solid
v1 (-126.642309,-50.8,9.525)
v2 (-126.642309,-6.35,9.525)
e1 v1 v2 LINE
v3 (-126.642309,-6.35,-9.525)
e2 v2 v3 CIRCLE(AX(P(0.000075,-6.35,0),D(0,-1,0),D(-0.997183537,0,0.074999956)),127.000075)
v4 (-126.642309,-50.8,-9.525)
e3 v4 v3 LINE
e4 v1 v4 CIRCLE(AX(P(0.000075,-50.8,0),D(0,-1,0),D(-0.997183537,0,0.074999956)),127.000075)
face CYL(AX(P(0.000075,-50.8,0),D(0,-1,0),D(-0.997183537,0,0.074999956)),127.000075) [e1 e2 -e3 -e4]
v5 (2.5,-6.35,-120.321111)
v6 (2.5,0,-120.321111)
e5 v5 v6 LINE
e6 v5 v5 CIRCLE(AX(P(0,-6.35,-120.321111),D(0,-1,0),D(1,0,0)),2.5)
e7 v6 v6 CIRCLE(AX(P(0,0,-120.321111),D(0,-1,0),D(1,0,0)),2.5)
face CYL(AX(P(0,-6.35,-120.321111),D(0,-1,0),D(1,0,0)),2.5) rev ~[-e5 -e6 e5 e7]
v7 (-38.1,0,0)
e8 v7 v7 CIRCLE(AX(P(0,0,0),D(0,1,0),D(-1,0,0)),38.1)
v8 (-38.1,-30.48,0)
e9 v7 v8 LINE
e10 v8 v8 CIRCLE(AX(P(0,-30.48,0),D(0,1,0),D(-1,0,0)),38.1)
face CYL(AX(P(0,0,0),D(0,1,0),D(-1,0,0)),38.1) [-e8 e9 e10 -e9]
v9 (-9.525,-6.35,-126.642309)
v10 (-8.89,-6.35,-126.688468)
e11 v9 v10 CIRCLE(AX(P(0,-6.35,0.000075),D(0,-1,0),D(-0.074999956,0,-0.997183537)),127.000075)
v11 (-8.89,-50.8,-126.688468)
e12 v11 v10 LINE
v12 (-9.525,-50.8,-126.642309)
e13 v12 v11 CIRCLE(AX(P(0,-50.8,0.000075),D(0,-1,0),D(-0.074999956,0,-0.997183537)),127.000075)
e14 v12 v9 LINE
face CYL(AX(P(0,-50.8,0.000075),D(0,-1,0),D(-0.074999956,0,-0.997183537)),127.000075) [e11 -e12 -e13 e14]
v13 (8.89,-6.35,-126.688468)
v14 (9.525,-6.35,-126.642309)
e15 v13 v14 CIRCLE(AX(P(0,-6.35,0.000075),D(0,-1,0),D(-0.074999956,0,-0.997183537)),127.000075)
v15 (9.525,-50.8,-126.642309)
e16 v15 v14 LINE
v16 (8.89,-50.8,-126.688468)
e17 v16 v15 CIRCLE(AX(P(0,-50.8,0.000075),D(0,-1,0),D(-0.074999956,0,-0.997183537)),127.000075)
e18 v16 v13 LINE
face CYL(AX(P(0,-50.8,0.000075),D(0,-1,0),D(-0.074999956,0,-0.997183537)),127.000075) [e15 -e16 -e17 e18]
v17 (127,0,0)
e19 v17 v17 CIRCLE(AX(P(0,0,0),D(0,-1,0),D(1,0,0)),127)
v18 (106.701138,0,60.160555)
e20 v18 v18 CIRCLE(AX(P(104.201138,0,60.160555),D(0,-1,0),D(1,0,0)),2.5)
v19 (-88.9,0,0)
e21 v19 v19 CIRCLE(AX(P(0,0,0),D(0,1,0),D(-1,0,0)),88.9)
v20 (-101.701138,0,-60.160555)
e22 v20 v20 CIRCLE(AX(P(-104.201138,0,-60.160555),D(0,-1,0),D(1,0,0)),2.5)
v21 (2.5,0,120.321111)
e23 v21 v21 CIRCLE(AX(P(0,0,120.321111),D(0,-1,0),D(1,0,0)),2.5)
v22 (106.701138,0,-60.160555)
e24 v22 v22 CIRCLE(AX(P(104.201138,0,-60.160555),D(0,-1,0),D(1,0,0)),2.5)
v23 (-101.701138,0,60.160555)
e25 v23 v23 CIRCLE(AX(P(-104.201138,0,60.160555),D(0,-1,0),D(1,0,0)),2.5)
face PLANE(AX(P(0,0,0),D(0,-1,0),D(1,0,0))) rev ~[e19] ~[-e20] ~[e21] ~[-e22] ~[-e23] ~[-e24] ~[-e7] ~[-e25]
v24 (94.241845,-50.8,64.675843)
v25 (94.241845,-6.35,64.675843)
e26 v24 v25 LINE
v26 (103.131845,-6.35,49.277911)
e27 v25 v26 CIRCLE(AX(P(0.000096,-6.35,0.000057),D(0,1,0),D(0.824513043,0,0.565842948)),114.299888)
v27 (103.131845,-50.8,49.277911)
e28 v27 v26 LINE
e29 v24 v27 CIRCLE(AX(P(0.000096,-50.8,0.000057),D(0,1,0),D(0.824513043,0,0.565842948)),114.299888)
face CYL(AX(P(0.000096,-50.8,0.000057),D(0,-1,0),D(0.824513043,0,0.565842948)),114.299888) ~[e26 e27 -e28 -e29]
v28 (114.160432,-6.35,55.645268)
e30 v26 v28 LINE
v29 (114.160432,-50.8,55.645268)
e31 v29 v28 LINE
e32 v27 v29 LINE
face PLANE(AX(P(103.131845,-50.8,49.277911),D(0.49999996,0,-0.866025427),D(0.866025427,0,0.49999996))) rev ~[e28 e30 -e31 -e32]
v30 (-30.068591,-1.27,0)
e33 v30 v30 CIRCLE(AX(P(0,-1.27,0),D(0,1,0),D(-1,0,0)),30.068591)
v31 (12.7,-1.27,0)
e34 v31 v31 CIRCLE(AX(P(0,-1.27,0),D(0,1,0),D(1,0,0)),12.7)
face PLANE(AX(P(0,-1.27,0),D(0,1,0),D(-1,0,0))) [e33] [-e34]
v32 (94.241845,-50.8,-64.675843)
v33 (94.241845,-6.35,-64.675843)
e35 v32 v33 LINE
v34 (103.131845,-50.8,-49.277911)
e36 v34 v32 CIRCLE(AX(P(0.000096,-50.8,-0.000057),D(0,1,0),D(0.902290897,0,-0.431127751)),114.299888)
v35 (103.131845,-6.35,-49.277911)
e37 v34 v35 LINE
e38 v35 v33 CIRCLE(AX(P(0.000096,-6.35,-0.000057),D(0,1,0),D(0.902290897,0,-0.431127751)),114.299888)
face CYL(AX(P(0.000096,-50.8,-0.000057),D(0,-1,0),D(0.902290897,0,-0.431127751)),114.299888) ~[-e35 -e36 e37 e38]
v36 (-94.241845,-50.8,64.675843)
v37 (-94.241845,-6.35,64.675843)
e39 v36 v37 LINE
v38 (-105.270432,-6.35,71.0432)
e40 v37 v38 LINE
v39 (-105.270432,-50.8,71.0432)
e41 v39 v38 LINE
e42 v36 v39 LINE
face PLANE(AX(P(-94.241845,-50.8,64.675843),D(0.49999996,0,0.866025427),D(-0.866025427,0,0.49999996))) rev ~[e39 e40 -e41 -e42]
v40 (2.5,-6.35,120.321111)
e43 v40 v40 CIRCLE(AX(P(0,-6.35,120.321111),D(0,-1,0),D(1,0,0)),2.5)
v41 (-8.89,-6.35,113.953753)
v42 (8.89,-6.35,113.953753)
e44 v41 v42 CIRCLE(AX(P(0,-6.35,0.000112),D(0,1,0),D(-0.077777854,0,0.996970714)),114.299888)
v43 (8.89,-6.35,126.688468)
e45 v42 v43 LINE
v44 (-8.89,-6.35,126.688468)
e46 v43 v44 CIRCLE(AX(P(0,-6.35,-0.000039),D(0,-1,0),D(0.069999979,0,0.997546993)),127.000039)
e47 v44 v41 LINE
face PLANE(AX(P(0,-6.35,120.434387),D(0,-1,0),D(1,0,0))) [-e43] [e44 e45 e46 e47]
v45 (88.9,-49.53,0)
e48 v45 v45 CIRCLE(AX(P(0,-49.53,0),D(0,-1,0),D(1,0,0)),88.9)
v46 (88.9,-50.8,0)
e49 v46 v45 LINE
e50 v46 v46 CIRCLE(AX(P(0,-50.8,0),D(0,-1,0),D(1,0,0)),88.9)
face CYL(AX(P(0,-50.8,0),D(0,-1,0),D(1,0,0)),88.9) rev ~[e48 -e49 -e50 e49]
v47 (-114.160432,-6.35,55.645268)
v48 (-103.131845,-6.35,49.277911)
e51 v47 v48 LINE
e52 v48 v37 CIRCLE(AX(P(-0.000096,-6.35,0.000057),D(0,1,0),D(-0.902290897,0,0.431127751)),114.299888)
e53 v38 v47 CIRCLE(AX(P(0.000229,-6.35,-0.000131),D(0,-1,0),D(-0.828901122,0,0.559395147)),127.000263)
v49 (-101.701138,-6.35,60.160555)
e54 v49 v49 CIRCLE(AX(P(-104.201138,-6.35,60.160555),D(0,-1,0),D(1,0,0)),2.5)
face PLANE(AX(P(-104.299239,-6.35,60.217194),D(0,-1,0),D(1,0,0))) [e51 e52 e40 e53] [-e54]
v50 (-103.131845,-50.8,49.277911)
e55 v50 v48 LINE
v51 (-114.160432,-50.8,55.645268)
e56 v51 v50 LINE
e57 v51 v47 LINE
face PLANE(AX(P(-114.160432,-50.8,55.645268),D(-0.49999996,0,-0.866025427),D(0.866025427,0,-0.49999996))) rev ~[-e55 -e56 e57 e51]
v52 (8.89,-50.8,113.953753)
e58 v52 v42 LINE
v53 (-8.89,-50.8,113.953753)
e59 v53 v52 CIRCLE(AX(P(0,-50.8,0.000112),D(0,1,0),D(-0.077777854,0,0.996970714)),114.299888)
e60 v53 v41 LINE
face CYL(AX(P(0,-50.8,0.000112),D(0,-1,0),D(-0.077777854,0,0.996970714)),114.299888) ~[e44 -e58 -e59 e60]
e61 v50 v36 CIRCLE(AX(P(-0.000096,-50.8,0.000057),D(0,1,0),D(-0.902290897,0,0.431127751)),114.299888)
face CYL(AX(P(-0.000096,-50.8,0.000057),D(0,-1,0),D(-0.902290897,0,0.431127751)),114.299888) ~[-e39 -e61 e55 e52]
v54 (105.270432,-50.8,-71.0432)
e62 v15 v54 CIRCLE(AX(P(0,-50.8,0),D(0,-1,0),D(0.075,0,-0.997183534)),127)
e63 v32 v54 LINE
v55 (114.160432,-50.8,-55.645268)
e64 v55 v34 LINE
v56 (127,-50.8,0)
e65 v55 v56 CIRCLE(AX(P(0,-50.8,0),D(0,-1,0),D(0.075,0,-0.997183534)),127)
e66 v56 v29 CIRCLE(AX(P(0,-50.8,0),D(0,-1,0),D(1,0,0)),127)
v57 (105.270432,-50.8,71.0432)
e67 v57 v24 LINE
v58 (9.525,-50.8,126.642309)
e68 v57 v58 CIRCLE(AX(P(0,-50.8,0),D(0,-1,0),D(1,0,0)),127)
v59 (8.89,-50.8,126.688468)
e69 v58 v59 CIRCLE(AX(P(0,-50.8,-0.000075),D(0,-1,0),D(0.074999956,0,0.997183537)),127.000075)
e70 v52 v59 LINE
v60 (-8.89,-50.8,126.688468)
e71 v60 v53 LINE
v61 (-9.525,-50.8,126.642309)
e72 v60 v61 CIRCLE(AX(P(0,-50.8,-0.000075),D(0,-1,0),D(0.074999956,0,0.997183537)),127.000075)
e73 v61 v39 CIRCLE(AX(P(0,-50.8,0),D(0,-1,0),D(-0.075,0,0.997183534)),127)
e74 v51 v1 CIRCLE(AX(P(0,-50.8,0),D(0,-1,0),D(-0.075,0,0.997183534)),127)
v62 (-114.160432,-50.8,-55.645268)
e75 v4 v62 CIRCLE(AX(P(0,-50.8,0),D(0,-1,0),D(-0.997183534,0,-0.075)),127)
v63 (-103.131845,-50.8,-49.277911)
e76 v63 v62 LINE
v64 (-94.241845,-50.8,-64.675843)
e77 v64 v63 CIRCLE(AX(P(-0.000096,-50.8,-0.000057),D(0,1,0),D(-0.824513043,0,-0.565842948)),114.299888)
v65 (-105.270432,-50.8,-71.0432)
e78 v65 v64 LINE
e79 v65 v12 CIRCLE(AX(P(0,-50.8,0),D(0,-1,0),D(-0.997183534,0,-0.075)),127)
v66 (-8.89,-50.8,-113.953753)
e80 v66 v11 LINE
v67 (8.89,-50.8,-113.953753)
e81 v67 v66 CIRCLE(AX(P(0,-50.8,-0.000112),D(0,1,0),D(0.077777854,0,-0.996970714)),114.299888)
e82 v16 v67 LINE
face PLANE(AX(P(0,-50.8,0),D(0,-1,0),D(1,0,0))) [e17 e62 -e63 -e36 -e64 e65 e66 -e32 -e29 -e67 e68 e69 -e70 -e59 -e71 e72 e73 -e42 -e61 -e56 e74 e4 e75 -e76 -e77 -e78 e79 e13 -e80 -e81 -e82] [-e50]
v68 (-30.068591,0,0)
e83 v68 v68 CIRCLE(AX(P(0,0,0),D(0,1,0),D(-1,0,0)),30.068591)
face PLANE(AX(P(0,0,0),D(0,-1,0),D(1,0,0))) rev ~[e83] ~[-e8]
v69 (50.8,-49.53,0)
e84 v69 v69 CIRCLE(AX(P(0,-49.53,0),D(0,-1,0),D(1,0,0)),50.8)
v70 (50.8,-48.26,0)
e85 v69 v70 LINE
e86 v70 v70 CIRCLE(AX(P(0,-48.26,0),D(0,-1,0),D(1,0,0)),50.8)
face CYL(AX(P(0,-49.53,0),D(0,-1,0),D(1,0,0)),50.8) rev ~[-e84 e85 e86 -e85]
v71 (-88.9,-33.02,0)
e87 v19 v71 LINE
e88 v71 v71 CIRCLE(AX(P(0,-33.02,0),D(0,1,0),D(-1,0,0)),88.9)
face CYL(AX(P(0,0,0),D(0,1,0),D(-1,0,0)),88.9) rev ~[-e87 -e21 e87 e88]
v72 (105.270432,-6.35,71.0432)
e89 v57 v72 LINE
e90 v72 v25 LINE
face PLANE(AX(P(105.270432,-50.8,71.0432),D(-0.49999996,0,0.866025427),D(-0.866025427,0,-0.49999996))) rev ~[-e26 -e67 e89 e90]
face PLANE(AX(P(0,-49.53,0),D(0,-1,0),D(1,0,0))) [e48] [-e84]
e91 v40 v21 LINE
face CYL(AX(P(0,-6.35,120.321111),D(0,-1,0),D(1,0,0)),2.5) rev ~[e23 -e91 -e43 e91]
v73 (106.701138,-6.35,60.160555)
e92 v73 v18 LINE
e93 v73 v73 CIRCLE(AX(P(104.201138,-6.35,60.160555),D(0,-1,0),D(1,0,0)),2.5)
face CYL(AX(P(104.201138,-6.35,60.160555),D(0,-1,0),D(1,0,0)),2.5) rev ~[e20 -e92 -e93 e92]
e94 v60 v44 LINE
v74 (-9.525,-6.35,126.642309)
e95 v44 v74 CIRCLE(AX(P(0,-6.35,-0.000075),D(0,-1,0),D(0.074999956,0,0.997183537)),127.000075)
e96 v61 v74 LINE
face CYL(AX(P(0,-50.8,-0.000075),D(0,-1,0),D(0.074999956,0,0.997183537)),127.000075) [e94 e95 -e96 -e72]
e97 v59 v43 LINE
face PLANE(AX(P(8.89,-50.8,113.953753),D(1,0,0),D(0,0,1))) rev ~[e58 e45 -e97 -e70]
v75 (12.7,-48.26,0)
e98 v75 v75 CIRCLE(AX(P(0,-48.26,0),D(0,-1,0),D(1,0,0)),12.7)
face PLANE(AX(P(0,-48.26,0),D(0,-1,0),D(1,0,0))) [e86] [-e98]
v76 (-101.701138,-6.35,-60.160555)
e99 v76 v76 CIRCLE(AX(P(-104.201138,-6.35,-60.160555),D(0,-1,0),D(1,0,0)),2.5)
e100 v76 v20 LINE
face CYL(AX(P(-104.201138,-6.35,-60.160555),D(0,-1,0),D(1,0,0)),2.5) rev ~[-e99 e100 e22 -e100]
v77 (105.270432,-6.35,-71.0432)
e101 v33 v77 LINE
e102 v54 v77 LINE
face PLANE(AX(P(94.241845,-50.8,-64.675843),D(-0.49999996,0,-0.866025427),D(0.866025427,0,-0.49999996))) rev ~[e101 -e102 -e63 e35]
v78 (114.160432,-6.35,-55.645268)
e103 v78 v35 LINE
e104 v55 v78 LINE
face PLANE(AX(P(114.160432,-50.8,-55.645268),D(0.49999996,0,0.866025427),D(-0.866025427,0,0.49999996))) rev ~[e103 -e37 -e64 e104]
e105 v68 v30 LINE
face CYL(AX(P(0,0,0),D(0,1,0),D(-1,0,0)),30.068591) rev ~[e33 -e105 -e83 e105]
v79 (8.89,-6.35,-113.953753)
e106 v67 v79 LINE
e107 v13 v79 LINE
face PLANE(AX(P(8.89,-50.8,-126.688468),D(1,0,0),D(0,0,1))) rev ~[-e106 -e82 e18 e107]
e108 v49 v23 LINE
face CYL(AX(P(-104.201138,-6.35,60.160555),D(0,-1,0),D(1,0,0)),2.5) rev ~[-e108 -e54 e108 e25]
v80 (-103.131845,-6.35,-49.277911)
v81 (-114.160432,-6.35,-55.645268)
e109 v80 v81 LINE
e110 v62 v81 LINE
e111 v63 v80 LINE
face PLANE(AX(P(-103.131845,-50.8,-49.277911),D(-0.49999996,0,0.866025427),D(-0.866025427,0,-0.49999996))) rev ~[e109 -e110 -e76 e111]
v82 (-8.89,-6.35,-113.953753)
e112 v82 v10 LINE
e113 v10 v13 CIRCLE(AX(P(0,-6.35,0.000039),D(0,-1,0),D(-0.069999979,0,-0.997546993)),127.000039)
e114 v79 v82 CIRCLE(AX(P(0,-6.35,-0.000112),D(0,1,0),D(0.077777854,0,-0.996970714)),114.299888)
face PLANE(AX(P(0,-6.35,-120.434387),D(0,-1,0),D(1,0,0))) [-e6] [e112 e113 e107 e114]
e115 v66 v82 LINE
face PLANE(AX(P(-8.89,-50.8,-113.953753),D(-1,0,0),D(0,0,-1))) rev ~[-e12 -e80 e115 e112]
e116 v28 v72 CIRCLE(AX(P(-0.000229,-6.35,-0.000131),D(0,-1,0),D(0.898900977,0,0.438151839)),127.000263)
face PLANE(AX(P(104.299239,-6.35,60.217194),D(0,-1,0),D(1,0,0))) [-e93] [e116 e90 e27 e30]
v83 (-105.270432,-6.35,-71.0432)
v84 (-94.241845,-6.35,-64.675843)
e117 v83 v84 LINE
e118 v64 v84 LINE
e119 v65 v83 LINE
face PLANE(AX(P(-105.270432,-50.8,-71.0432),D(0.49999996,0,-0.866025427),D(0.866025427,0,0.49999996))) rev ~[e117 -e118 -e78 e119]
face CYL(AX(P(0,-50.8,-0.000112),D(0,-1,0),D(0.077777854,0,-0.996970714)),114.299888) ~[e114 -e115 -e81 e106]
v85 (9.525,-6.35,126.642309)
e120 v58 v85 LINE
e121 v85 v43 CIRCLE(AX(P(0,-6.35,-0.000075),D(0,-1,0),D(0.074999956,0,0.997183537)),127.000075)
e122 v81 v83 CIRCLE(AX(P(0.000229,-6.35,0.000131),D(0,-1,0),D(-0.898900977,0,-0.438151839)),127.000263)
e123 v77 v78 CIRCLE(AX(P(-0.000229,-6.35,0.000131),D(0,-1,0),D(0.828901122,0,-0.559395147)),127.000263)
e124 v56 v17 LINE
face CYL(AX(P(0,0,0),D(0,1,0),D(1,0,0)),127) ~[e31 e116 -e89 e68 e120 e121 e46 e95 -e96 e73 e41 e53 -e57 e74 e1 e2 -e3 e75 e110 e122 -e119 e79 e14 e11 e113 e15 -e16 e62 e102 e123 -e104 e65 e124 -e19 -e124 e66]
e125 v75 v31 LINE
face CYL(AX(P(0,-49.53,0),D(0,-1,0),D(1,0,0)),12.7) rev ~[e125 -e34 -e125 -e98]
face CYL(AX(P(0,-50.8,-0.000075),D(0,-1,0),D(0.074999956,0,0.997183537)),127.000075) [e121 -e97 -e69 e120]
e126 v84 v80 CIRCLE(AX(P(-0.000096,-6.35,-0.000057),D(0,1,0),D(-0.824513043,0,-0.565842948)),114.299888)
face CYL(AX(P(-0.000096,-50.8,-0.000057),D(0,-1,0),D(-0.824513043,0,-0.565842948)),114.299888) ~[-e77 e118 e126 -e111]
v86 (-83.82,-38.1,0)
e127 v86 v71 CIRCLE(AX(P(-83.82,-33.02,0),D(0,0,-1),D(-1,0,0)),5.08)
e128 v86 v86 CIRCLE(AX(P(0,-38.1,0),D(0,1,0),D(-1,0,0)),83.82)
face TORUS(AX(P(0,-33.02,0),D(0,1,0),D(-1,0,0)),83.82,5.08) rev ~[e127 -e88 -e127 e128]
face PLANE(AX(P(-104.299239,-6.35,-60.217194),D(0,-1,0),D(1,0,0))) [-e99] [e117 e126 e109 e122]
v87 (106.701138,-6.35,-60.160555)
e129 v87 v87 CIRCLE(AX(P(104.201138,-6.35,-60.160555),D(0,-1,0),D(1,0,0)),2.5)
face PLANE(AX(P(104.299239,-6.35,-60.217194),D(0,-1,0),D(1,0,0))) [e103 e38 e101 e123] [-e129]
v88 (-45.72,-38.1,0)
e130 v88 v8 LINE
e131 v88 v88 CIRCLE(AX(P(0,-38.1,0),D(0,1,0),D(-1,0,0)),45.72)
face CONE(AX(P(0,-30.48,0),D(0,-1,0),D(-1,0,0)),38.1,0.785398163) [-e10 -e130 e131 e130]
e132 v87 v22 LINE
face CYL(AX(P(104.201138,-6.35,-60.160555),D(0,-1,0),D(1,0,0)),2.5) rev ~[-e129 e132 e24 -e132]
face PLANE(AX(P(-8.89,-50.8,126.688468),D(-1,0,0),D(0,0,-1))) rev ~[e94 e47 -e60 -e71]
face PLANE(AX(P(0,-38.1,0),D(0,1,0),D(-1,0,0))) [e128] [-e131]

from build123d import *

# Parameters (mm, degrees)
F0_R      = 127
F1_DEPTH  = 50.8
F2_R      = 88.9
F3_DEPTH  = 1.27
F4_R      = 12.7
F5_DEPTH  = 50.8
F6_R      = 50.8
F7_DEPTH  = 1.27
F8_R      = 88.9
F8_R_2    = 38.1
F9_DEPTH  = 38.1
F10_SIZE  = 7.62
F11_R     = 5.08
F13_DEPTH = 44.45
F14_R     = 30.068591
F14_R_2   = 12.7
F15_DEPTH = 1.27
F17_DEPTH = 44.45
F18_R     = 2.5
F19_DEPTH = 25.4


with BuildPart() as f1:
    # F0 (on Front) → F1 (new body)
    with BuildSketch(Plane.XZ):
        Circle(F0_R)
    extrude(amount=F1_DEPTH)

    # F2 (on face) → F3 (cut)
    with BuildSketch(Plane.XZ.offset(50.8)):
        Circle(F2_R)
    extrude(amount=-F3_DEPTH, mode=Mode.SUBTRACT)

    # F4 (on face) → F5 (cut)
    with BuildSketch(Plane.XZ.offset(49.53)):
        Circle(F4_R)
    extrude(amount=-F5_DEPTH, mode=Mode.SUBTRACT)

    # F6 (on face) → F7 (cut)
    with BuildSketch(Plane.XZ.offset(49.53)):
        Circle(F6_R)
    extrude(amount=-F7_DEPTH, mode=Mode.SUBTRACT)

    # F8 (on face) → F9 (cut)
    with BuildSketch(Plane(origin=(0, 0, 0), x_dir=(-1, 0, 0), z_dir=(0, 1, 0))):
        Circle(F8_R)
        Circle(F8_R_2, mode=Mode.SUBTRACT)
    extrude(amount=-F9_DEPTH, mode=Mode.SUBTRACT)

    # F10
    f10_edges = [f1.edges().sort_by_distance(p)[0] for p in [
        (38.1, -38.1, 0),
    ]]
    chamfer(f10_edges, length=F10_SIZE)

    # F11
    f11_edges = [f1.edges().sort_by_distance(p)[0] for p in [
        (88.9, -38.1, 0),
    ]]
    fillet(f11_edges, radius=F11_R)

    # F12 (on face) → F13 (join)
    with BuildSketch(Plane.XZ.offset(50.8)):
        with BuildLine():
            ThreePointArc((-2.998611, 107.908345), (0, 107.95), (2.998611, 107.908345))
            ThreePointArc((2.998611, 107.908345), (7.602326, 109.70383), (9.525, 114.255894))
            Line((9.525, 114.255894), (9.525, 126.642309))
            ThreePointArc((9.525, 126.642309), (0, 127), (-9.525, 126.642309))
            Line((-9.525, 126.642309), (-9.525, 114.255894))
            ThreePointArc((-9.525, 114.255894), (-7.602326, 109.70383), (-2.998611, 107.908345))
        make_face()
        with BuildLine():
            Line((-74.055926, 87.52631), (-82.814443, 96.284827))
            ThreePointArc((-82.814443, 96.284827), (-89.802561, 89.802561), (-96.284827, 82.814443))
            Line((-96.284827, 82.814443), (-87.52631, 74.055926))
            ThreePointArc((-87.52631, 74.055926), (-82.947979, 72.196666), (-78.42306, 74.182384))
            ThreePointArc((-78.42306, 74.182384), (-76.332177, 76.332177), (-74.182384, 78.42306))
            ThreePointArc((-74.182384, 78.42306), (-72.196666, 82.947979), (-74.055926, 87.52631))
        make_face()
        with BuildLine():
            Line((-114.255894, 9.525), (-126.642309, 9.525))
            ThreePointArc((-126.642309, 9.525), (-127, 0), (-126.642309, -9.525))
            Line((-126.642309, -9.525), (-114.255894, -9.525))
            ThreePointArc((-114.255894, -9.525), (-109.70383, -7.602326), (-107.908345, -2.998611))
            ThreePointArc((-107.908345, -2.998611), (-107.95, 0), (-107.908345, 2.998611))
            ThreePointArc((-107.908345, 2.998611), (-109.70383, 7.602326), (-114.255894, 9.525))
        make_face()
        with BuildLine():
            Line((-87.52631, -74.055926), (-96.284827, -82.814443))
            ThreePointArc((-96.284827, -82.814443), (-89.802561, -89.802561), (-82.814443, -96.284827))
            Line((-82.814443, -96.284827), (-74.055926, -87.52631))
            ThreePointArc((-74.055926, -87.52631), (-72.196666, -82.947979), (-74.182384, -78.42306))
            ThreePointArc((-74.182384, -78.42306), (-76.332177, -76.332177), (-78.42306, -74.182384))
            ThreePointArc((-78.42306, -74.182384), (-82.947979, -72.196666), (-87.52631, -74.055926))
        make_face()
        with BuildLine():
            Line((-9.525, -114.255894), (-9.525, -126.642309))
            ThreePointArc((-9.525, -126.642309), (0, -127), (9.525, -126.642309))
            Line((9.525, -126.642309), (9.525, -114.255894))
            ThreePointArc((9.525, -114.255894), (7.602326, -109.70383), (2.998611, -107.908345))
            ThreePointArc((2.998611, -107.908345), (0, -107.95), (-2.998611, -107.908345))
            ThreePointArc((-2.998611, -107.908345), (-7.602326, -109.70383), (-9.525, -114.255894))
        make_face()
        with BuildLine():
            Line((74.055926, -87.52631), (82.814443, -96.284827))
            ThreePointArc((82.814443, -96.284827), (89.802561, -89.802561), (96.284827, -82.814443))
            Line((96.284827, -82.814443), (87.52631, -74.055926))
            ThreePointArc((87.52631, -74.055926), (82.947979, -72.196666), (78.42306, -74.182384))
            ThreePointArc((78.42306, -74.182384), (76.332177, -76.332177), (74.182384, -78.42306))
            ThreePointArc((74.182384, -78.42306), (72.196666, -82.947979), (74.055926, -87.52631))
        make_face()
        with BuildLine():
            Line((114.255894, -9.525), (126.642309, -9.525))
            ThreePointArc((126.642309, -9.525), (127, 0), (126.642309, 9.525))
            Line((126.642309, 9.525), (114.255894, 9.525))
            ThreePointArc((114.255894, 9.525), (109.70383, 7.602326), (107.908345, 2.998611))
            ThreePointArc((107.908345, 2.998611), (107.95, 0), (107.908345, -2.998611))
            ThreePointArc((107.908345, -2.998611), (109.70383, -7.602326), (114.255894, -9.525))
        make_face()
        with BuildLine():
            Line((87.52631, 74.055926), (96.284827, 82.814443))
            ThreePointArc((96.284827, 82.814443), (89.802561, 89.802561), (82.814443, 96.284827))
            Line((82.814443, 96.284827), (74.055926, 87.52631))
            ThreePointArc((74.055926, 87.52631), (72.196666, 82.947979), (74.182384, 78.42306))
            ThreePointArc((74.182384, 78.42306), (76.332177, 76.332177), (78.42306, 74.182384))
            ThreePointArc((78.42306, 74.182384), (82.947979, 72.196666), (87.52631, 74.055926))
        make_face()
    extrude(amount=-F13_DEPTH)

    # F14 (on face) → F15 (cut)
    with BuildSketch(Plane(origin=(0, 0, 0), x_dir=(-1, 0, 0), z_dir=(0, 1, 0))):
        Circle(F14_R)
        Circle(F14_R_2, mode=Mode.SUBTRACT)
    extrude(amount=-F15_DEPTH, mode=Mode.SUBTRACT)

    # F16 (on face) → F17 (cut)
    with BuildSketch(Plane.XZ.offset(50.8)):
        with BuildLine():
            ThreePointArc((-103.131845, 49.277911), (-98.986704, 57.15), (-94.241845, 64.675843))
            Line((-94.241845, 64.675843), (-105.270432, 71.0432))
            ThreePointArc((-105.270432, 71.0432), (-109.985226, 63.5), (-114.160432, 55.645268))
            Line((-114.160432, 55.645268), (-103.131845, 49.277911))
        make_face()
        with BuildLine():
            ThreePointArc((-94.241845, -64.675843), (-98.986704, -57.15), (-103.131845, -49.277911))
            Line((-103.131845, -49.277911), (-114.160432, -55.645268))
            ThreePointArc((-114.160432, -55.645268), (-109.985226, -63.5), (-105.270432, -71.0432))
            Line((-105.270432, -71.0432), (-94.241845, -64.675843))
        make_face()
        with BuildLine():
            ThreePointArc((8.89, -113.953753), (0, -114.3), (-8.89, -113.953753))
            Line((-8.89, -113.953753), (-8.89, -126.688468))
            ThreePointArc((-8.89, -126.688468), (0, -127), (8.89, -126.688468))
            Line((8.89, -126.688468), (8.89, -113.953753))
        make_face()
        with BuildLine():
            ThreePointArc((103.131845, -49.277911), (98.986704, -57.15), (94.241845, -64.675843))
            Line((94.241845, -64.675843), (105.270432, -71.0432))
            ThreePointArc((105.270432, -71.0432), (109.985226, -63.5), (114.160432, -55.645268))
            Line((114.160432, -55.645268), (103.131845, -49.277911))
        make_face()
        with BuildLine():
            ThreePointArc((94.241845, 64.675843), (98.986704, 57.15), (103.131845, 49.277911))
            Line((103.131845, 49.277911), (114.160432, 55.645268))
            ThreePointArc((114.160432, 55.645268), (109.985226, 63.5), (105.270432, 71.0432))
            Line((105.270432, 71.0432), (94.241845, 64.675843))
        make_face()
        with BuildLine():
            Line((8.89, 113.953753), (8.89, 126.688468))
            ThreePointArc((8.89, 126.688468), (0, 127), (-8.89, 126.688468))
            Line((-8.89, 126.688468), (-8.89, 113.953753))
            ThreePointArc((-8.89, 113.953753), (0, 114.3), (8.89, 113.953753))
        make_face()
    extrude(amount=-F17_DEPTH, mode=Mode.SUBTRACT)

    # F18 (on face) → F19 (cut)
    with BuildSketch(Plane.XZ.offset(6.35)):
        with Locations((0, 120.321111)):
            Circle(F18_R)
        with Locations((-104.201138, 60.160555)):
            Circle(F18_R)
        with Locations((-104.201138, -60.160555)):
            Circle(F18_R)
        with Locations((0, -120.321111)):
            Circle(F18_R)
        with Locations((104.201138, -60.160555)):
            Circle(F18_R)
        with Locations((104.201138, 60.160555)):
            Circle(F18_R)
    extrude(amount=-F19_DEPTH, mode=Mode.SUBTRACT)


solid = f1.part
